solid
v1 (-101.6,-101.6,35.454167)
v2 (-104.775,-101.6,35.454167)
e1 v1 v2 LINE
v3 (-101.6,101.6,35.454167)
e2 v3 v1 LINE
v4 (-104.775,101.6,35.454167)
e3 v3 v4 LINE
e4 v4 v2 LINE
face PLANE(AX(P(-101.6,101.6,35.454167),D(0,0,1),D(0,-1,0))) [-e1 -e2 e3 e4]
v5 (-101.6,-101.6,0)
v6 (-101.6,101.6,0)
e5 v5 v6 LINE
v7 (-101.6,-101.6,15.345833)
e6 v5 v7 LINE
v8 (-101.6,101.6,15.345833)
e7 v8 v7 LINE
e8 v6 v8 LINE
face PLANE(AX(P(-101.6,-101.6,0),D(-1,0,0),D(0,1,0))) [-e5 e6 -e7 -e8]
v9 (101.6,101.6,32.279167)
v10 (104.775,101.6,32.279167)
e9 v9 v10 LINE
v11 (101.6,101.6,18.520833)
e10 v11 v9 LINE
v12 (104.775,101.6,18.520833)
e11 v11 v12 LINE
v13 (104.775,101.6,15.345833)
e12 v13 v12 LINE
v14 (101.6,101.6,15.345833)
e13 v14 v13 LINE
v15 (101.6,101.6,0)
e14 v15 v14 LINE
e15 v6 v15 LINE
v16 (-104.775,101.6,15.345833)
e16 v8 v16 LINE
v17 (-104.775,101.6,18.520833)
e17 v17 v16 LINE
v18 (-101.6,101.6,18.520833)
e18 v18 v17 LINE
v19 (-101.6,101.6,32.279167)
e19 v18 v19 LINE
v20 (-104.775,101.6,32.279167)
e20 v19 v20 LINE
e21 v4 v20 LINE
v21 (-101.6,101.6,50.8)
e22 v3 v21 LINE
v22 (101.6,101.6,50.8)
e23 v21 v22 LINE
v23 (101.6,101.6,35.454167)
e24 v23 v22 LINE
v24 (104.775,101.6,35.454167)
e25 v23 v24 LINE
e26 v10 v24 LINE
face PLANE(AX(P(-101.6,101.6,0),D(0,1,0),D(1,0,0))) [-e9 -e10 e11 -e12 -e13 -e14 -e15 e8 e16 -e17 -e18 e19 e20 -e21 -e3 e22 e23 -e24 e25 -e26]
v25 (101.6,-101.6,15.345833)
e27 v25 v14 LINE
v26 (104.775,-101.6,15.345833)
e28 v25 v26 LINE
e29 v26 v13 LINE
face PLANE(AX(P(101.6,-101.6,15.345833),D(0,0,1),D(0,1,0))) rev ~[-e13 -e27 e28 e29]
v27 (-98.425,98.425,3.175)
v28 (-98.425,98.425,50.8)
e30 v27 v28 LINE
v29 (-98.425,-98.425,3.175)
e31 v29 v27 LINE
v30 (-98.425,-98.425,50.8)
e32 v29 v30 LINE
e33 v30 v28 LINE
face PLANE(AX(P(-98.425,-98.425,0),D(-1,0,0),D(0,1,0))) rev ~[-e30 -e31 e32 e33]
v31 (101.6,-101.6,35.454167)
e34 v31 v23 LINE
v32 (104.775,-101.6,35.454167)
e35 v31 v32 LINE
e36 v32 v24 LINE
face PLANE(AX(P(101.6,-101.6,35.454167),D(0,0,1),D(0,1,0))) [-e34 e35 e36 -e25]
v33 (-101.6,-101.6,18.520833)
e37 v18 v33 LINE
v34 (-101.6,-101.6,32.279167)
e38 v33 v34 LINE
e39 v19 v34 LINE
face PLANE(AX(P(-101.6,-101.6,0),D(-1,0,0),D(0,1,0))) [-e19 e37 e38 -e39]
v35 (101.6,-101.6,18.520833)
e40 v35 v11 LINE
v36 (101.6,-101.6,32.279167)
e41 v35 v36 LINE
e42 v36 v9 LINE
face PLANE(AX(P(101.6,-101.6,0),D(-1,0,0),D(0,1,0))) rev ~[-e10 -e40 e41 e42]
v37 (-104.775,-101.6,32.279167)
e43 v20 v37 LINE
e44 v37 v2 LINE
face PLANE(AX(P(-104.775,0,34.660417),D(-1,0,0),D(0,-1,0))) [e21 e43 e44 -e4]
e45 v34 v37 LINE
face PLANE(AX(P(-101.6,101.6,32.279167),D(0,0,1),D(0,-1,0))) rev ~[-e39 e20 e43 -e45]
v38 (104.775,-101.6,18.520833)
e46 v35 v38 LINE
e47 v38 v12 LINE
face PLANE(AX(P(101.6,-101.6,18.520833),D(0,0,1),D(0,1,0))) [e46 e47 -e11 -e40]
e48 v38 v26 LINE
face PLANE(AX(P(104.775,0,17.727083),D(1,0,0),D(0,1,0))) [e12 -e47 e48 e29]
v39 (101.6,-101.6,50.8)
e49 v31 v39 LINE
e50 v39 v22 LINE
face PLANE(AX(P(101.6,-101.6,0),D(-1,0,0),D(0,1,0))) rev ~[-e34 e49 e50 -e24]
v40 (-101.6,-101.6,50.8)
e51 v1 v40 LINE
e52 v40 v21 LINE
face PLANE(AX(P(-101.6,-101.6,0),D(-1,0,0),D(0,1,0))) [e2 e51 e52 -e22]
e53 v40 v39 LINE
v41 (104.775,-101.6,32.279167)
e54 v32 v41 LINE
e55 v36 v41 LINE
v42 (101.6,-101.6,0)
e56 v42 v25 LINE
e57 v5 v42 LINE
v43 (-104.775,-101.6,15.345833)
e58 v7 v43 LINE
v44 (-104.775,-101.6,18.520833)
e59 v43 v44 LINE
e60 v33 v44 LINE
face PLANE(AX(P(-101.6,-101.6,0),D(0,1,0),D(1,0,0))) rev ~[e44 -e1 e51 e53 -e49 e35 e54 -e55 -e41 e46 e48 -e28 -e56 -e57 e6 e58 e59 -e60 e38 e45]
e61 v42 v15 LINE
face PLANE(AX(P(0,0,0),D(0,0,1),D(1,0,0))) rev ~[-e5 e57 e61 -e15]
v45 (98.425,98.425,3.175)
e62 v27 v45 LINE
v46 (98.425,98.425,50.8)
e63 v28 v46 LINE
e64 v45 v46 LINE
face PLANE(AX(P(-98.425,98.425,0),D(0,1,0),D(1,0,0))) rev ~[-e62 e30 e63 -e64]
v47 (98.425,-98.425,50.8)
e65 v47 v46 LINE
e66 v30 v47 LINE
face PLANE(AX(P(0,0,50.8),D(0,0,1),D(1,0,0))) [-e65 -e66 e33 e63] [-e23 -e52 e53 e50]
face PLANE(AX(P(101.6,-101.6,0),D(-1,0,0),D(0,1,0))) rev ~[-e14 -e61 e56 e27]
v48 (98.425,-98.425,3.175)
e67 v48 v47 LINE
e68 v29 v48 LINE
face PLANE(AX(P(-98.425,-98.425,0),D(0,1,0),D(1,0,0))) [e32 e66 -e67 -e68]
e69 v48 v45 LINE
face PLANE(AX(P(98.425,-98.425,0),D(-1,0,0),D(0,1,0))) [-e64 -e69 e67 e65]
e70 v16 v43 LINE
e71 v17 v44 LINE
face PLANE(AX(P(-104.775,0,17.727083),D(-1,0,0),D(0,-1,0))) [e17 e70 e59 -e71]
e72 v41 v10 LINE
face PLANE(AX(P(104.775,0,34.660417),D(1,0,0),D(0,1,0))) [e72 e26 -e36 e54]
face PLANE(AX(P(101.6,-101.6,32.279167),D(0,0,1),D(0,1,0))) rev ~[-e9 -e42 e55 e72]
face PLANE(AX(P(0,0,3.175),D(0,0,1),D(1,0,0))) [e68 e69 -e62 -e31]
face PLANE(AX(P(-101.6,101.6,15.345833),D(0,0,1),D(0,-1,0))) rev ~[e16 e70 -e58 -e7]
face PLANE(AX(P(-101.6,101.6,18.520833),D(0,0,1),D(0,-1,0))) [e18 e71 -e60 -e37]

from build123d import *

# Parameters (mm, degrees)
F0_W     = 203.2
F0_H     = 203.2
F0_W_2   = 196.85
F0_H_2   = 196.85
F1_DEPTH = 50.8
F2_DEPTH = 3.175
F3_W     = 203.2
F3_H     = 1.5875
F5_DEPTH = 3.175
F4_W     = 203.2
F4_H     = 1.5875
F6_DEPTH = 3.175


with BuildPart() as f1:
    # F0 (on Top) → F1 (new body)
    with BuildSketch(Plane.XY):
        Rectangle(F0_W, F0_H)
        Rectangle(F0_W_2, F0_H_2, mode=Mode.SUBTRACT)
    extrude(amount=F1_DEPTH)

    # F0 (on Top) → F2 (join)
    with BuildSketch(Plane.XY):
        Rectangle(F0_W_2, F0_H_2)
    extrude(amount=F2_DEPTH)

    # F3 (on face) → F5 (join)
    with BuildSketch(Plane(origin=(-101.6, 0, 0), x_dir=(0, -1, 0), z_dir=(-1, 0, 0))):
        with Locations((0, 34.660417)):
            Rectangle(F3_W, F3_H)
        with Locations((0, 33.072917)):
            Rectangle(F3_W, F3_H)
        with Locations((0, 17.727083)):
            Rectangle(F3_W, F3_H)
        with Locations((0, 16.139583)):
            Rectangle(F3_W, F3_H)
    extrude(amount=F5_DEPTH)

    # F4 (on face) → F6 (join)
    with BuildSketch(Plane.YZ.offset(101.6)):
        with Locations((0, 34.660417)):
            Rectangle(F4_W, F4_H)
        with Locations((0, 33.072917)):
            Rectangle(F4_W, F4_H)
        with Locations((0, 17.727083)):
            Rectangle(F4_W, F4_H)
        with Locations((0, 16.139583)):
            Rectangle(F4_W, F4_H)
    extrude(amount=F6_DEPTH)


solid = f1.part
